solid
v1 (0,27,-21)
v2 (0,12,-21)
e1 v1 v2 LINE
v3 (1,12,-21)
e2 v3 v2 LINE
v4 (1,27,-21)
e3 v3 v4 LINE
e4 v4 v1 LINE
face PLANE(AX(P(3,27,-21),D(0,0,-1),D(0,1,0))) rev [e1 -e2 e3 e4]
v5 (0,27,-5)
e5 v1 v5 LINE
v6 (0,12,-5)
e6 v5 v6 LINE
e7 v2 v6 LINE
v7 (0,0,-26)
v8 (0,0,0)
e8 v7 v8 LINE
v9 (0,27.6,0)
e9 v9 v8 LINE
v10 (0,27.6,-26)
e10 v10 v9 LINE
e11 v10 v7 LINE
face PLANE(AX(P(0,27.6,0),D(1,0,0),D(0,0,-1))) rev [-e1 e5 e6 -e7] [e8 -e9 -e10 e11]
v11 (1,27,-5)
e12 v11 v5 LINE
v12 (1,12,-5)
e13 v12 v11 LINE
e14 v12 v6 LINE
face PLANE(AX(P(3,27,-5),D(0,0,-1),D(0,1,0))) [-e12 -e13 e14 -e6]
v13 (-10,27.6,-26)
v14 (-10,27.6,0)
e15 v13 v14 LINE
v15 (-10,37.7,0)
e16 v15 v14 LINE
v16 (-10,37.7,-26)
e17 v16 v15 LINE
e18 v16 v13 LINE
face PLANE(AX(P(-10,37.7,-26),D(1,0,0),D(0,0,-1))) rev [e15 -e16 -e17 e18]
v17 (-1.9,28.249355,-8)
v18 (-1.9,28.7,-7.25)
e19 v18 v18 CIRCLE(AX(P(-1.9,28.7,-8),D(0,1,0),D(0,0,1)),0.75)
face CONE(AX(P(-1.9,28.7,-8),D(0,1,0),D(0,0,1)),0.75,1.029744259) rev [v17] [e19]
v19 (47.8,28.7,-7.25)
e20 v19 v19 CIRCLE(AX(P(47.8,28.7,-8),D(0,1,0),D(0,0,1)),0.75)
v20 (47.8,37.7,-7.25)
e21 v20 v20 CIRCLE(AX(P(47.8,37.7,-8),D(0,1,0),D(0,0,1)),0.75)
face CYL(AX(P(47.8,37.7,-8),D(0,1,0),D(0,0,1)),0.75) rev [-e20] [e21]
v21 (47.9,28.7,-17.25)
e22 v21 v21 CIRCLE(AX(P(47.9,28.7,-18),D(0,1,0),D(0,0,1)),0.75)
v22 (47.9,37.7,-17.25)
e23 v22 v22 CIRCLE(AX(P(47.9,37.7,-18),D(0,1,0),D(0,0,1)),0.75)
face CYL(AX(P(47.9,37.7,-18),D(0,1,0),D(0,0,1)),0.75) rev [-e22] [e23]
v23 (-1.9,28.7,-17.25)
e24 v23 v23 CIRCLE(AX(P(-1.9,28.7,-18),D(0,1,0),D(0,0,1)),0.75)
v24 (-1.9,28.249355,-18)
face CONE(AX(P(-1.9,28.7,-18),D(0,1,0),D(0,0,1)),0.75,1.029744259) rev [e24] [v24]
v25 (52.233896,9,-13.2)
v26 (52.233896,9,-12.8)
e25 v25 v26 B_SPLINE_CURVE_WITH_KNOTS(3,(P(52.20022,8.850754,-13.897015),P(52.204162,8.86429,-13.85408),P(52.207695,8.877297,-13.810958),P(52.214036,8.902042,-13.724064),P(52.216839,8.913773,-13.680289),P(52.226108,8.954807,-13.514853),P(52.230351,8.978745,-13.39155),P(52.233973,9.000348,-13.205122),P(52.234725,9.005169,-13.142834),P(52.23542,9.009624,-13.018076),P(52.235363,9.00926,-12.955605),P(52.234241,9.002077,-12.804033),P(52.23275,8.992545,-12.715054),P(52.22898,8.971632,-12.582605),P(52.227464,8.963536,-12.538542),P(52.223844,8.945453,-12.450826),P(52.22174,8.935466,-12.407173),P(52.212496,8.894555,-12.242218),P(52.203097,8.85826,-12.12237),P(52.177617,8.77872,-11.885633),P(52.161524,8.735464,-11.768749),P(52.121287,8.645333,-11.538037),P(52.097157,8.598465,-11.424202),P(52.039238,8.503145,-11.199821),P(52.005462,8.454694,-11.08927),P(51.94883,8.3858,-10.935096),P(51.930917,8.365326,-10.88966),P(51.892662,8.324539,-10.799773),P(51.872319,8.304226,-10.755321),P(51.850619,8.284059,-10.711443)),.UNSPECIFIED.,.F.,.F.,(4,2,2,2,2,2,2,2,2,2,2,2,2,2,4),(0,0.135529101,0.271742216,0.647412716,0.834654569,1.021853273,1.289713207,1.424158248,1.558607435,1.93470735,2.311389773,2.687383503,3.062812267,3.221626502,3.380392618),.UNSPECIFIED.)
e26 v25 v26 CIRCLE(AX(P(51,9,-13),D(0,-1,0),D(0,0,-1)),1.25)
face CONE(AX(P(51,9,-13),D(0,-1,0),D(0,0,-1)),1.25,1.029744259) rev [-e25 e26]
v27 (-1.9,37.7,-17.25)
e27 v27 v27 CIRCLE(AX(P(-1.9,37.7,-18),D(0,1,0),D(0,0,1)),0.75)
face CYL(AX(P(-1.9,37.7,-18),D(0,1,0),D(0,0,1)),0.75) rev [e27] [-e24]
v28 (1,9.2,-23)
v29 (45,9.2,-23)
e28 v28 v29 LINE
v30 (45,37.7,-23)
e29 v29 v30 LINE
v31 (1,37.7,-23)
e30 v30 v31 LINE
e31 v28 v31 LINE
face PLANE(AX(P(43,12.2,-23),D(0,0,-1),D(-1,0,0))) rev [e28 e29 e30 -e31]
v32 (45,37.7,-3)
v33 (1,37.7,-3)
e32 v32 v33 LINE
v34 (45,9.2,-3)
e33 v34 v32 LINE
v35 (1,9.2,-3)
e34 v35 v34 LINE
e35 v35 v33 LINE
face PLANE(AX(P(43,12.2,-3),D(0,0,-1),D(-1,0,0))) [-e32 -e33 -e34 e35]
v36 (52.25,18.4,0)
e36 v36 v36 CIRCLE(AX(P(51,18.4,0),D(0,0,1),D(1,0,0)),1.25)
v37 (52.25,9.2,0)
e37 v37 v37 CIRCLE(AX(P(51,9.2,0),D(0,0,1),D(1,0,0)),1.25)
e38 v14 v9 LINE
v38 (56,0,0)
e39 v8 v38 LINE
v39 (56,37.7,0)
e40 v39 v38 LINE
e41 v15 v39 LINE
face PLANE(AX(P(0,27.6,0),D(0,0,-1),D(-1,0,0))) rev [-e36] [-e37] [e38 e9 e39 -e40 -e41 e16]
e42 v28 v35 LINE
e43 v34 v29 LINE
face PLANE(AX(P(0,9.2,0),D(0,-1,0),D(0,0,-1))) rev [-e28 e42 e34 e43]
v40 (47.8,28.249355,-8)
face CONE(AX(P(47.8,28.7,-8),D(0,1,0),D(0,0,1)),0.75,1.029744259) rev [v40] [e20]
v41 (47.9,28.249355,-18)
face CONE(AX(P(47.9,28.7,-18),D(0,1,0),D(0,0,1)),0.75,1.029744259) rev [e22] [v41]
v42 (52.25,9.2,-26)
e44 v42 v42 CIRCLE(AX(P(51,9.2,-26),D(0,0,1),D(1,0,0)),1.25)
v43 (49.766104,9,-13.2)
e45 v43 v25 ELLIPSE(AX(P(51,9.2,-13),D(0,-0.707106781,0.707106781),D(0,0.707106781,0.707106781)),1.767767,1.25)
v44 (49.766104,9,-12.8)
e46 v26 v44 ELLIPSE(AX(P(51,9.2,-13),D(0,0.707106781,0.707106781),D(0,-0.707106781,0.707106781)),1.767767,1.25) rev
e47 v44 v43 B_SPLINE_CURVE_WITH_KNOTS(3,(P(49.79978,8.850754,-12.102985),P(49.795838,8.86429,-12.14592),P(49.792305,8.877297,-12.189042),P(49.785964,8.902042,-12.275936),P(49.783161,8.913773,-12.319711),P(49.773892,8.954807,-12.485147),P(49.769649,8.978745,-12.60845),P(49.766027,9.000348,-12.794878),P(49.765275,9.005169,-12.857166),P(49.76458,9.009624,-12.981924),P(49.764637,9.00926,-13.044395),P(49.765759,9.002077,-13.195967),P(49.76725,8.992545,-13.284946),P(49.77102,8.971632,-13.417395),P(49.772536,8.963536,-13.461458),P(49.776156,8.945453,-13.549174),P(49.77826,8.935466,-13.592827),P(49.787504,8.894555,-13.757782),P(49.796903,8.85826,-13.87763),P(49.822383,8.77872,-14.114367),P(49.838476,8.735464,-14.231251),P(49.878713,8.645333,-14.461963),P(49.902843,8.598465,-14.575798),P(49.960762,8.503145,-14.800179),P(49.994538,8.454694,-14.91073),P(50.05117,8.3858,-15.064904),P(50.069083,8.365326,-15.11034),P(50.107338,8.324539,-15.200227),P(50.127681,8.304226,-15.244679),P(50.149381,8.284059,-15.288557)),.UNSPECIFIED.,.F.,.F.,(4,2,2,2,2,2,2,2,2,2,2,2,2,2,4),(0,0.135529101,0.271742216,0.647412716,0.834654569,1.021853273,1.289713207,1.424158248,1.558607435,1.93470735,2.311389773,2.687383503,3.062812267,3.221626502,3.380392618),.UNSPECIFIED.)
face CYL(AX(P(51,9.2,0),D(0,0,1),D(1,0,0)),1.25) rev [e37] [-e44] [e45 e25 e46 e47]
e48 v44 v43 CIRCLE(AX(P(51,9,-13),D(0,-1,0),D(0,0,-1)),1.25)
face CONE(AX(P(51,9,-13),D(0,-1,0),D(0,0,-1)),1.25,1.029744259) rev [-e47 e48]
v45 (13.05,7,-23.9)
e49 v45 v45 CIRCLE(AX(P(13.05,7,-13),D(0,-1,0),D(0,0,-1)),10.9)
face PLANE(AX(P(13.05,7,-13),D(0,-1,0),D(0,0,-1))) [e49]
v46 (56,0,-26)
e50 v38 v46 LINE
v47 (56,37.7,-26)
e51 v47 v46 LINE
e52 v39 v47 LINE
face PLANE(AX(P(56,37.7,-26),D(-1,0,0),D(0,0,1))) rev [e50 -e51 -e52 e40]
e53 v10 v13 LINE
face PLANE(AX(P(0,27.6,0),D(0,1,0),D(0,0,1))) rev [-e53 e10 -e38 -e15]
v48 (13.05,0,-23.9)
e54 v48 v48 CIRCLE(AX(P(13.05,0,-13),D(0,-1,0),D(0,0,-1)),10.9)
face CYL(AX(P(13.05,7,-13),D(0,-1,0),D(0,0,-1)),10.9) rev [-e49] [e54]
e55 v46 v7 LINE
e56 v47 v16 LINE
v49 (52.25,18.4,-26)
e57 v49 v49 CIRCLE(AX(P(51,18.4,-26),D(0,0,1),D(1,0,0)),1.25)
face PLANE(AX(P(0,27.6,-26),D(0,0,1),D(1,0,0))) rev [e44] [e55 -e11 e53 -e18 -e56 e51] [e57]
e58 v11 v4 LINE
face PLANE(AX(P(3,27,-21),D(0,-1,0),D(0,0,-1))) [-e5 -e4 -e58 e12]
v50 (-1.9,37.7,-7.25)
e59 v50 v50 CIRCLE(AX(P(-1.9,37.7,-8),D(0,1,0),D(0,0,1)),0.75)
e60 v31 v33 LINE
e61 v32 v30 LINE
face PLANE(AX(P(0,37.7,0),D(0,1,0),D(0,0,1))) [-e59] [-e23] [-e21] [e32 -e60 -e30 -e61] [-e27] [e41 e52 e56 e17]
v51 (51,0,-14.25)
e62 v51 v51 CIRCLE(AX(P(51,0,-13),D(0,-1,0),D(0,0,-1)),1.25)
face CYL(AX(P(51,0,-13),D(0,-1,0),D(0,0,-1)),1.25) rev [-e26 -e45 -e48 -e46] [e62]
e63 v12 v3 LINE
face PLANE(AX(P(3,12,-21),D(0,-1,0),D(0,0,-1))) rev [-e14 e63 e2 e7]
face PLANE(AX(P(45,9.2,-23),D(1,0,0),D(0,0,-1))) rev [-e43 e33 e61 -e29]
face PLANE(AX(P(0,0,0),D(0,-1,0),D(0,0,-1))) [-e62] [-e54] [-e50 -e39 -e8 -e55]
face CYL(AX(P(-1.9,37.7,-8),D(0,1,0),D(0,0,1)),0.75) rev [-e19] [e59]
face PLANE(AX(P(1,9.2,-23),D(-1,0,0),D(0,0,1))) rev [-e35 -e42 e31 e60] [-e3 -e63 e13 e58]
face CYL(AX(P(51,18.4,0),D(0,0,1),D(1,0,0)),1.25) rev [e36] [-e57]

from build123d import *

# Parameters (mm, degrees)
SKETCH1_W                 = 46
SKETCH1_H                 = 26
BOSS_EXTRUDE1_DEPTH       = 27.6
SKETCH2_W                 = 66
SKETCH2_H                 = 26
BOSS_EXTRUDE2_DEPTH       = 10.1
SKETCH3_W                 = 40
SKETCH3_H                 = 20
CUT_EXTRUDE2_DEPTH        = 25.5
F_1_5MM_DOWEL_HOLE2_D     = 1.5
F_1_5MM_DOWEL_HOLE2_DEPTH = 9
F_1_5MM_DOWEL_HOLE2_TIP   = 0.450645464
SKETCH8_W                 = 40
SKETCH8_H                 = 20
CUT_EXTRUDE6_DEPTH        = 3
SKETCH7_W                 = 16
SKETCH7_H                 = 15
CUT_EXTRUDE8_DEPTH        = 3
SKETCH9_R                 = 10.9
CUT_EXTRUDE9_DEPTH        = 7
SKETCH10_W                = 44
SKETCH10_H                = 20
CUT_EXTRUDE10_DEPTH       = 28.5
SKETCH11_W                = 26
SKETCH11_H                = 27.6
BOSS_EXTRUDE3_DEPTH       = 10
F_2_5MM_DOWEL_HOLE1_D     = 2.5
F_2_5MM_DOWEL_HOLE1_DEPTH = 26
F_2_5MM_DOWEL_HOLE1_TIP   = 0.751075774
F_2_5MM_DOWEL_HOLE2_D     = 2.5
F_2_5MM_DOWEL_HOLE2_DEPTH = 9
F_2_5MM_DOWEL_HOLE2_TIP   = 0.751075774


with BuildPart() as part:
    # Sketch1 → Boss-Extrude1 (new body)
    with BuildSketch(Plane(origin=(0, 0, 0), x_dir=(1, 0, 0), z_dir=(0, 1, 0))):
        with Locations((23, 13)):
            Rectangle(SKETCH1_W, SKETCH1_H)
    extrude(amount=BOSS_EXTRUDE1_DEPTH)

    # Sketch2 → Boss-Extrude2 (add)
    with BuildSketch(Plane(origin=(0, 27.6, 0), x_dir=(1, 0, 0), z_dir=(0, 1, 0))):
        with Locations((23, 13)):
            Rectangle(SKETCH2_W, SKETCH2_H)
    extrude(amount=BOSS_EXTRUDE2_DEPTH)

    # Sketch3 → Cut-Extrude2 (cut)
    with BuildSketch(Plane(origin=(0, 37.7, 0), x_dir=(1, 0, 0), z_dir=(0, 1, 0))):
        with Locations((23, 13)):
            Rectangle(SKETCH3_W, SKETCH3_H)
    extrude(amount=-CUT_EXTRUDE2_DEPTH, mode=Mode.SUBTRACT)

    # Ø1.5mm Dowel Hole2
    with Locations(Plane(origin=(-1.9, 37.7, -18), x_dir=(0, 0, 1), z_dir=(0, 1, 0))):
        with Locations((0, 0), (10, 0), (10, 49.7), (0, 49.8)):
            Hole(F_1_5MM_DOWEL_HOLE2_D / 2, depth=F_1_5MM_DOWEL_HOLE2_DEPTH)
            with Locations((0, 0, -(F_1_5MM_DOWEL_HOLE2_DEPTH + F_1_5MM_DOWEL_HOLE2_TIP / 2))):  # 118° drill point
                Cone(0, F_1_5MM_DOWEL_HOLE2_D / 2, F_1_5MM_DOWEL_HOLE2_TIP, mode=Mode.SUBTRACT)

    # Sketch8 → Cut-Extrude6 (cut)
    with BuildSketch(Plane(origin=(0, 12.2, 0), x_dir=(1, 0, 0), z_dir=(0, 1, 0))):
        with Locations((23, 13)):
            Rectangle(SKETCH8_W, SKETCH8_H)
    extrude(amount=-CUT_EXTRUDE6_DEPTH, mode=Mode.SUBTRACT)

    # Sketch7 → Cut-Extrude8 (cut)
    with BuildSketch(Plane.ZY):
        with Locations((-13, 19.5)):
            Rectangle(SKETCH7_W, SKETCH7_H)
    extrude(amount=-CUT_EXTRUDE8_DEPTH, mode=Mode.SUBTRACT)

    # Sketch9 → Cut-Extrude9 (cut)
    with BuildSketch(Plane(origin=(0, 0, 0), x_dir=(-1, 0, 0), z_dir=(0, -1, 0))):
        with Locations(Location((-13.05, 13, 0), (0, 0, 90))):
            Circle(SKETCH9_R)
    extrude(amount=-CUT_EXTRUDE9_DEPTH, mode=Mode.SUBTRACT)

    # Sketch10 → Cut-Extrude10 (cut)
    with BuildSketch(Plane(origin=(0, 37.7, 0), x_dir=(1, 0, 0), z_dir=(0, 1, 0))):
        with Locations((23, 13)):
            Rectangle(SKETCH10_W, SKETCH10_H)
    extrude(amount=-CUT_EXTRUDE10_DEPTH, mode=Mode.SUBTRACT)

    # Sketch11 → Boss-Extrude3 (add)
    with BuildSketch(Plane(origin=(46, 0, 0), x_dir=(0, 0, -1), z_dir=(1, 0, 0))):
        with Locations((13, 13.8)):
            Rectangle(SKETCH11_W, SKETCH11_H)
    extrude(amount=BOSS_EXTRUDE3_DEPTH)

    # Ø2.5mm Dowel Hole1
    with Locations(Plane(origin=(51, 18.4, 0), x_dir=(1, 0, 0), z_dir=(0, 0, 1))):
        with Locations((0, 0), (0, -9.2)):
            Hole(F_2_5MM_DOWEL_HOLE1_D / 2, depth=F_2_5MM_DOWEL_HOLE1_DEPTH)
            with Locations((0, 0, -(F_2_5MM_DOWEL_HOLE1_DEPTH + F_2_5MM_DOWEL_HOLE1_TIP / 2))):  # 118° drill point
                Cone(0, F_2_5MM_DOWEL_HOLE1_D / 2, F_2_5MM_DOWEL_HOLE1_TIP, mode=Mode.SUBTRACT)

    # Ø2.5mm Dowel Hole2
    with Locations(Plane.XZ):
        with Locations((51, -13)):
            Hole(F_2_5MM_DOWEL_HOLE2_D / 2, depth=F_2_5MM_DOWEL_HOLE2_DEPTH)
            with Locations((0, 0, -(F_2_5MM_DOWEL_HOLE2_DEPTH + F_2_5MM_DOWEL_HOLE2_TIP / 2))):  # 118° drill point
                Cone(0, F_2_5MM_DOWEL_HOLE2_D / 2, F_2_5MM_DOWEL_HOLE2_TIP, mode=Mode.SUBTRACT)


solid = part.part
